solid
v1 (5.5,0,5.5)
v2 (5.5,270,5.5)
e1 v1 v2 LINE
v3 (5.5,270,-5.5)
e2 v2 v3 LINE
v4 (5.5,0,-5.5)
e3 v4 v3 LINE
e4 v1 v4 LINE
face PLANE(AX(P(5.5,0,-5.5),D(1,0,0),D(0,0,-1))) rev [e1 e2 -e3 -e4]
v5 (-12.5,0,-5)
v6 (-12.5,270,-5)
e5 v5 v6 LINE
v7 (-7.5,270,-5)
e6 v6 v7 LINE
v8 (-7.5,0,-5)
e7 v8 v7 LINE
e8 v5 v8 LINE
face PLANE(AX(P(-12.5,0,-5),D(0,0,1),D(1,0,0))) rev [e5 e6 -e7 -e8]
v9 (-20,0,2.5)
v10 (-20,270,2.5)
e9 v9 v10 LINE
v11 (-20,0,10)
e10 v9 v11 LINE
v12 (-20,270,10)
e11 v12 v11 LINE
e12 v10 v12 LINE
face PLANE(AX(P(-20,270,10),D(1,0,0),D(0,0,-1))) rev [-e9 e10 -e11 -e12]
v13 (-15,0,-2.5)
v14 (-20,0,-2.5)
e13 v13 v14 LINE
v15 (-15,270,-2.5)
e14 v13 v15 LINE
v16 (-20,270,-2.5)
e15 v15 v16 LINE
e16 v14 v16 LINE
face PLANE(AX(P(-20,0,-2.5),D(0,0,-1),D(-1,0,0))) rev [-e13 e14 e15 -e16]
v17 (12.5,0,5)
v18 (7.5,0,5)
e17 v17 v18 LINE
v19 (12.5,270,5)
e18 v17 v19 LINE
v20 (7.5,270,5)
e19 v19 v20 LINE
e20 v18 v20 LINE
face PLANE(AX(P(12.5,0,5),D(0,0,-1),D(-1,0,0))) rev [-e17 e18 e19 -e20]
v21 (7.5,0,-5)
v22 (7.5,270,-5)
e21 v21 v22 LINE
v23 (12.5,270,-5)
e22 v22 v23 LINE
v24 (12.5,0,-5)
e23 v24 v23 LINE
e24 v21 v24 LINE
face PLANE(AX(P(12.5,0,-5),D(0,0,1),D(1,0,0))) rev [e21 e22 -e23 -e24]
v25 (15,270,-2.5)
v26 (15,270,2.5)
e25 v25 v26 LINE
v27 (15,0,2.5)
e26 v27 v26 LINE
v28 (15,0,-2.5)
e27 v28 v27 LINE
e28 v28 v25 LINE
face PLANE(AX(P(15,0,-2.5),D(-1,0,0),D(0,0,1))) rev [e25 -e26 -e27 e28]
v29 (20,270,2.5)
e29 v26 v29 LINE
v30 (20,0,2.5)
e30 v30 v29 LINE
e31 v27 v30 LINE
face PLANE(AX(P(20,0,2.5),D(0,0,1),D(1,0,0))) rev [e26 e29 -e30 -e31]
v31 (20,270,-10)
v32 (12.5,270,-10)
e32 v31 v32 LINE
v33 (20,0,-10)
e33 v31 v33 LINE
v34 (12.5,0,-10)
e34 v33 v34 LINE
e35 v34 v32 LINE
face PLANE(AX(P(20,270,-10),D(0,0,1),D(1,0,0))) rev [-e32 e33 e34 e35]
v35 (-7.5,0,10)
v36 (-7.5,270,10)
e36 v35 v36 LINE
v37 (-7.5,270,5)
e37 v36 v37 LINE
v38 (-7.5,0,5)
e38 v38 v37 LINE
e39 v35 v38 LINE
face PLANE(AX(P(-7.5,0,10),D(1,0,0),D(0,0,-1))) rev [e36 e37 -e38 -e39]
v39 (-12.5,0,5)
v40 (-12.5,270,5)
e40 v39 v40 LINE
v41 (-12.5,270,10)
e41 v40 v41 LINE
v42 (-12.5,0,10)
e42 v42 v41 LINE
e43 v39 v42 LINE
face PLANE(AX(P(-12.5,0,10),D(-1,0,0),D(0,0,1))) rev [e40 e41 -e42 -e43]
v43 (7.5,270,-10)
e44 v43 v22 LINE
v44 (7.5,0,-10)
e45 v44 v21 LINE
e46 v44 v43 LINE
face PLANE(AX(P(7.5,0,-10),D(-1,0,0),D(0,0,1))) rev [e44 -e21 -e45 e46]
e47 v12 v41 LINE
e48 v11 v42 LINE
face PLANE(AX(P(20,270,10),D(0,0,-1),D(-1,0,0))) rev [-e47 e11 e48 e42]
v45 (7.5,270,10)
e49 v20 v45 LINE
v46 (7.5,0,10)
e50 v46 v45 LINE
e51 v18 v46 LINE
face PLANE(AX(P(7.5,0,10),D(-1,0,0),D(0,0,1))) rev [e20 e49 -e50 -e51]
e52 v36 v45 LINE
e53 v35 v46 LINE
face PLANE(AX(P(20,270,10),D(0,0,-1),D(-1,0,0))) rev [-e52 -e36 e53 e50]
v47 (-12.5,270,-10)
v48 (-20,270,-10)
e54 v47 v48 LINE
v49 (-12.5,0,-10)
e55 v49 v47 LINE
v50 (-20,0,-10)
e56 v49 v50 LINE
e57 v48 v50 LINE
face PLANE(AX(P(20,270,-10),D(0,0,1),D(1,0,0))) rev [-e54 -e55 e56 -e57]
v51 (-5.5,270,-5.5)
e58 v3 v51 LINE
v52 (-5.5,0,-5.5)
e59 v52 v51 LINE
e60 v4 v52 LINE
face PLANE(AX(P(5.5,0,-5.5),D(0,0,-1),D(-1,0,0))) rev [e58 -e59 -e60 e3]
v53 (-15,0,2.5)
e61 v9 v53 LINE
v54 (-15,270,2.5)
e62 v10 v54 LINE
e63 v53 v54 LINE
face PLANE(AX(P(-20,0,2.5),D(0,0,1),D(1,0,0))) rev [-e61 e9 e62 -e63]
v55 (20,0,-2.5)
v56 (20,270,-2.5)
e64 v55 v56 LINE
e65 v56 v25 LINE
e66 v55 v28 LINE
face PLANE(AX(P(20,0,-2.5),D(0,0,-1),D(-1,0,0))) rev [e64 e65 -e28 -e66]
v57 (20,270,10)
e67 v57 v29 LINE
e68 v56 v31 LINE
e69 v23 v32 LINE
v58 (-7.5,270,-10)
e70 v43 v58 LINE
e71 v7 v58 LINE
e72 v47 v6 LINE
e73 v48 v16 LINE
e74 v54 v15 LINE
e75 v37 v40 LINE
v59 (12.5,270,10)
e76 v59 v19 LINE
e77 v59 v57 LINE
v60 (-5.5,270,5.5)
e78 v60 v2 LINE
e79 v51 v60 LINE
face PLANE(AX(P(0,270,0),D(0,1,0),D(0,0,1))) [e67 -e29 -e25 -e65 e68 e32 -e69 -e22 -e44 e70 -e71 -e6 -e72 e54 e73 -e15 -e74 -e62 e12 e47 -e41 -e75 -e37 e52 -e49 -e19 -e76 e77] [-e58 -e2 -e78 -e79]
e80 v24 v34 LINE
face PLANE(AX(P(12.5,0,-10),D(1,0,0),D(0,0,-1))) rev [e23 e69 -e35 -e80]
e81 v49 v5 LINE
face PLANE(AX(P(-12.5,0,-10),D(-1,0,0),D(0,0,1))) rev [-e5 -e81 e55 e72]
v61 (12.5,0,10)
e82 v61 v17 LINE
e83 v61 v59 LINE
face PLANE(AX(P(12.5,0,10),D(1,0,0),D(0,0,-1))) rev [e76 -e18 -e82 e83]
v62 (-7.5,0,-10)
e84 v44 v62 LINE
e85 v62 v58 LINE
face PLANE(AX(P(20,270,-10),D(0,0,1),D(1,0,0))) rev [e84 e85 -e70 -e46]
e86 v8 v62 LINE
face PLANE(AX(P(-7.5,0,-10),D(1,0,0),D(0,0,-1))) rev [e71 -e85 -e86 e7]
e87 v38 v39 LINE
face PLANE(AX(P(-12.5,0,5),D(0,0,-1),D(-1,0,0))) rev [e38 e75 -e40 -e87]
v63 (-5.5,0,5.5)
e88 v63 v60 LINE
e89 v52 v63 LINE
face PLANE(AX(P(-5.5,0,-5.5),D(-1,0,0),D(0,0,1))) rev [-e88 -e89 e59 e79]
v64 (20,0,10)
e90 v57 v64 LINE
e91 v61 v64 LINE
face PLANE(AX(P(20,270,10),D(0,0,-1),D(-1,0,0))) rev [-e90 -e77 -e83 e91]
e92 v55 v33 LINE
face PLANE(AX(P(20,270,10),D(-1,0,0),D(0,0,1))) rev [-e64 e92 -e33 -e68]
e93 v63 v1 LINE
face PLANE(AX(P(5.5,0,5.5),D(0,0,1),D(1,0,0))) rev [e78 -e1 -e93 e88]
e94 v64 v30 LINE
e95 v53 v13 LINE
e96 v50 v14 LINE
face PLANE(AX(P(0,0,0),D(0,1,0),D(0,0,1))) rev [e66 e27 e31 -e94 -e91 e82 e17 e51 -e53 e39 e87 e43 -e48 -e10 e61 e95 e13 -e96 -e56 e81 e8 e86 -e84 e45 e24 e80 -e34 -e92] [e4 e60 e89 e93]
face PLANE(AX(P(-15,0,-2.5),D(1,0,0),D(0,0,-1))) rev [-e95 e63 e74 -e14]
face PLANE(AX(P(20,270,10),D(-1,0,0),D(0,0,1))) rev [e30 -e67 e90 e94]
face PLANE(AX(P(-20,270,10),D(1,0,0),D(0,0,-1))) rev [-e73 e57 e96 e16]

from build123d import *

# Parameters (mm, degrees)
SKETCH1_W       = 40
SKETCH1_H       = 20
BODY_DEPTH      = 270
SKETCH2_W       = 5
SKETCH2_H       = 5
SKETCH2_W_2     = 11
SKETCH2_H_2     = 11
PROFILAGE_DEPTH = 271.924343683


with BuildPart() as part:
    # Sketch1 → Body (new body)
    with BuildSketch(Plane(origin=(0, 0, 0), x_dir=(1, 0, 0), z_dir=(0, 1, 0))):
        Rectangle(SKETCH1_W, SKETCH1_H)
    extrude(amount=BODY_DEPTH)

    # Sketch2 → Profilage (cut, through all)
    with BuildSketch(Plane(origin=(0, 270, 0), x_dir=(1, 0, 0), z_dir=(0, 1, 0))):
        with Locations((-10, 7.5)):
            Rectangle(SKETCH2_W, SKETCH2_H)
        with Locations((-17.5, 0)):
            Rectangle(SKETCH2_W, SKETCH2_H)
        with Locations((-10, -7.5)):
            Rectangle(SKETCH2_W, SKETCH2_H)
        with Locations((10, -7.5)):
            Rectangle(SKETCH2_W, SKETCH2_H)
        with Locations((17.5, 0)):
            Rectangle(SKETCH2_W, SKETCH2_H)
        with Locations((10, 7.5)):
            Rectangle(SKETCH2_W, SKETCH2_H)
        Rectangle(SKETCH2_W_2, SKETCH2_H_2)
    extrude(amount=-PROFILAGE_DEPTH, mode=Mode.SUBTRACT)


solid = part.part
